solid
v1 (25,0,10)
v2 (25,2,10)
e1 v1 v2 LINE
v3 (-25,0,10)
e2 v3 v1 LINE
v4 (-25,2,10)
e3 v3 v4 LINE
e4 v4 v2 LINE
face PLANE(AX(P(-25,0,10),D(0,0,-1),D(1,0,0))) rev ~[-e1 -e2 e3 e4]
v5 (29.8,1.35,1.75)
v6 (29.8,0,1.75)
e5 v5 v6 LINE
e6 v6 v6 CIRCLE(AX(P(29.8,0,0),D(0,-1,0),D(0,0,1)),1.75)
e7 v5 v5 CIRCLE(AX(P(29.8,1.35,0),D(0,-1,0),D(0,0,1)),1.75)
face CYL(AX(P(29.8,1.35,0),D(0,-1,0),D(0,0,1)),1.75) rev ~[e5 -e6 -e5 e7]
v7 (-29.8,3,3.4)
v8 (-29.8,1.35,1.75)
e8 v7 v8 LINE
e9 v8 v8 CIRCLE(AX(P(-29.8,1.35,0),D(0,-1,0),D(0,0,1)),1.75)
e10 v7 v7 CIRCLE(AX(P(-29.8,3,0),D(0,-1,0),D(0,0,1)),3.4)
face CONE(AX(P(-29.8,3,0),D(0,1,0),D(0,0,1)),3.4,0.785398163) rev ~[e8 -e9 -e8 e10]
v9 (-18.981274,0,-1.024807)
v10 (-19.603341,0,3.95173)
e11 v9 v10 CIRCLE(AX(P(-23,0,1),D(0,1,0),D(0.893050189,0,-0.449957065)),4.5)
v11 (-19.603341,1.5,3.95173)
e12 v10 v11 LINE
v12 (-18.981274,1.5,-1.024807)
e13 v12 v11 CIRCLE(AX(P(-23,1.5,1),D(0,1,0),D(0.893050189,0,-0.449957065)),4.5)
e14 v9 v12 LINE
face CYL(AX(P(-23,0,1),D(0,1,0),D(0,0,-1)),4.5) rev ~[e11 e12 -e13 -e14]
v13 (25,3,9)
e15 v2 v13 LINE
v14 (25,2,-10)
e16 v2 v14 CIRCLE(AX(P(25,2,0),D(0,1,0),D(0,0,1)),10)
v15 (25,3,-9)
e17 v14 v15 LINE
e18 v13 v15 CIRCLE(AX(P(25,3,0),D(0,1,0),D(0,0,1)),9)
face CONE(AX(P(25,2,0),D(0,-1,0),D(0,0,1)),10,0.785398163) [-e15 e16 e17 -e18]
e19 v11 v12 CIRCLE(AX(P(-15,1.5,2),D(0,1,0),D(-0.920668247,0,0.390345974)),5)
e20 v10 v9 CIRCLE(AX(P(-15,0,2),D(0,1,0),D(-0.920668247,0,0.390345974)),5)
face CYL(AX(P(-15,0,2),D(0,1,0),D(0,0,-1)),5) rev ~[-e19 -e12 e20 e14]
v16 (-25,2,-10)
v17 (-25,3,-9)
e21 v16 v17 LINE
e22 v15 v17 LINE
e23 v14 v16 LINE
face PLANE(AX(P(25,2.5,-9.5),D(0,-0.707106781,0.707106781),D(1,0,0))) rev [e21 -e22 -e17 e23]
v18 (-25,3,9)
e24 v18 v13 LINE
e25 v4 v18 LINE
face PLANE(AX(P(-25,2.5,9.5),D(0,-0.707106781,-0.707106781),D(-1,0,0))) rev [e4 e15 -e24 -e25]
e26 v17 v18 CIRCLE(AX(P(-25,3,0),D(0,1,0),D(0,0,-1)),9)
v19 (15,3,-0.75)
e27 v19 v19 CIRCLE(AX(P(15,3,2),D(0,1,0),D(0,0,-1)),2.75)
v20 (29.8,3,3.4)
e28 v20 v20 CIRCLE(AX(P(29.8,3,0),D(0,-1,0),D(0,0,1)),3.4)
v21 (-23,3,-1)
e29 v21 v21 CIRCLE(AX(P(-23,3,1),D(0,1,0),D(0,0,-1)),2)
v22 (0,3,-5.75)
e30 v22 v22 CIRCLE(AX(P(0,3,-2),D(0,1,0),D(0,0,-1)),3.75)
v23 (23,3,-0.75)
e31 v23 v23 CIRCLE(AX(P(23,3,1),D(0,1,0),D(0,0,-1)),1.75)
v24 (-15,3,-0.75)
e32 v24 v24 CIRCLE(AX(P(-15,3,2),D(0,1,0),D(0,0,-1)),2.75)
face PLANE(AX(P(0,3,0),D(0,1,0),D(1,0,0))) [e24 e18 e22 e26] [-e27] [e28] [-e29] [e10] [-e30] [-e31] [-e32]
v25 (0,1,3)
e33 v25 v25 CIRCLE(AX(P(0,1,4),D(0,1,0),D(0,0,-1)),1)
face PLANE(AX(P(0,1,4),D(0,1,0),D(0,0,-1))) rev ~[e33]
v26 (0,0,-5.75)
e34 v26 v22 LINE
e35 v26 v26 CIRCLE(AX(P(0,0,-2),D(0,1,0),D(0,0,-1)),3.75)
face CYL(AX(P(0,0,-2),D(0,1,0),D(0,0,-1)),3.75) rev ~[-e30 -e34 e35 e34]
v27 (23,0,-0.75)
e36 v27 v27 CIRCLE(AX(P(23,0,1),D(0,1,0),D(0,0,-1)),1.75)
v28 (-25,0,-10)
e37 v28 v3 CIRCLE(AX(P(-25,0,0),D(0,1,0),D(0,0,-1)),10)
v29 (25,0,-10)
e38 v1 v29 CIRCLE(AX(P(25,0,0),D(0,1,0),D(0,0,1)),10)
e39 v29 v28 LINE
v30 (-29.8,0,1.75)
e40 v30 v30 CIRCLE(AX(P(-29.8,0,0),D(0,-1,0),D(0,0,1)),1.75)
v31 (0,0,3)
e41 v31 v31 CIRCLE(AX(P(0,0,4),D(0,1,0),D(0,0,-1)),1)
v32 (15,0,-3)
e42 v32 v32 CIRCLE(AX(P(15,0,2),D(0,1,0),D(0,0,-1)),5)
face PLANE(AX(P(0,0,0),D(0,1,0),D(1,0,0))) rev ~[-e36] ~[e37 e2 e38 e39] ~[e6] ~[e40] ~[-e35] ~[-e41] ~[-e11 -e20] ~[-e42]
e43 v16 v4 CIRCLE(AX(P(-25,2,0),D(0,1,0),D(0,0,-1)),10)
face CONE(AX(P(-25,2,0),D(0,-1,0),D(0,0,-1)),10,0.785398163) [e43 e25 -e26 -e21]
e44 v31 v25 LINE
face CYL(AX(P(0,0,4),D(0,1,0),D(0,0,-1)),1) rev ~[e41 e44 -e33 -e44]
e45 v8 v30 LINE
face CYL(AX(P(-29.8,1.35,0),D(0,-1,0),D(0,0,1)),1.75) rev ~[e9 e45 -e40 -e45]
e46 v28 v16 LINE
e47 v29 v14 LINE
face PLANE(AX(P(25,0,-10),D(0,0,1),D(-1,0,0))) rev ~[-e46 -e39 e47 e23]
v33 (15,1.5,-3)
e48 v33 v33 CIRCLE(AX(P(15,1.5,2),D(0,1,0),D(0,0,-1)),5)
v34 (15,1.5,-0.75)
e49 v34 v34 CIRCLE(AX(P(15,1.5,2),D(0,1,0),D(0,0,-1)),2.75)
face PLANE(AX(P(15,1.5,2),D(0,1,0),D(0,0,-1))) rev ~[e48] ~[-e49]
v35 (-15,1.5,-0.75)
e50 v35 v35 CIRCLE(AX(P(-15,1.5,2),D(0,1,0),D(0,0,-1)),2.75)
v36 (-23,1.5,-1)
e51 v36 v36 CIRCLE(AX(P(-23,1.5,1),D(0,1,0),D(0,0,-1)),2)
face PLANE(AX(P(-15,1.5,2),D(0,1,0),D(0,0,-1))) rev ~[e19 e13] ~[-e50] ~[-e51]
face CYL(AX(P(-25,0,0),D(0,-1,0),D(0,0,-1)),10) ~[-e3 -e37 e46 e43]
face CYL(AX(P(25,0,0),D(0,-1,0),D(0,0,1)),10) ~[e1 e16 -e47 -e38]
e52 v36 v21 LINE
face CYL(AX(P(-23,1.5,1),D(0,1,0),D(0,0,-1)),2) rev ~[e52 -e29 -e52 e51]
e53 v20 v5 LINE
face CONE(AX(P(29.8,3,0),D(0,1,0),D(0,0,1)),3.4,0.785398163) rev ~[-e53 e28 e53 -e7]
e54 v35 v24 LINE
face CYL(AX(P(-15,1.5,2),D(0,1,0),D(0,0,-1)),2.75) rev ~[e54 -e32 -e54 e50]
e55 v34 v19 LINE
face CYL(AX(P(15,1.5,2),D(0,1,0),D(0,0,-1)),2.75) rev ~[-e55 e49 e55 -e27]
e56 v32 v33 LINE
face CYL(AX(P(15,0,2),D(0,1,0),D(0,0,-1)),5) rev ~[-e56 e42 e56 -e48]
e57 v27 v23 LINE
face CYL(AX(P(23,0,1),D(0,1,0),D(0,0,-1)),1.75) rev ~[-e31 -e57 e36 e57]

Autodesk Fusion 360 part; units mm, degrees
sketch "スケッチ1" plane through (0, 0, 0) normal (0, 1, 0) x (1, 0, 0)
  line L0 (-25, -10) -> (25, -10)
  arc A0 (25, -10) -> (25, 10) centre (25, 0) ccw
  line L1 (25, 10) -> (-25, 10)
  arc A1 (-25, 10) -> (-25, -10) centre (-25, 0) ccw
  line L2 (-25, 0) -> (25, 0) construction
  line L3 (-23, 10) -> (-23, -10) construction
  line L4 (-15, 10) -> (-15, -10) construction
  line L5 (15, 10) -> (15, -10) construction
  line L6 (23, 10) -> (23, -10) construction
  line L7 (-23, -1) -> (23, -1) construction
  line L8 (-15, -2) -> (15, -2) construction
  line L9 (0, 10) -> (0, -10) construction
  line L10 (-24.25, -0.25) -> (-24.25, -1.75)
  arc A2 (-24.25, -1.75) -> (-21.75, -1.75) centre (-23, -1.75) ccw
  line L11 (-21.75, -1.75) -> (-21.75, -0.25)
  arc A3 (-21.75, -0.25) -> (-24.25, -0.25) centre (-23, -0.25) ccw
  line L12 (-23, -0.25) -> (-23, -1.75) construction
  point P0 (-35, 0)
  point P1 (35, 0)
  point P2 (-23, -1)
  point P3 (-15, -2)
  point P4 (15, -2)
  point P5 (23, -1)
  point P6 (0, 2)
  point P7 (0, -4)
  point P8 (-23, -1)
  point P9 (-23, 1)
  point P10 (-23, -3)
  dimension "d1" = 20
  dimension "d2" = 70
  dimension "d13" = 6
  dimension "d14" = 12
  dimension "d15" = 9
  dimension "d16" = 8
  dimension "d17" = 15
  dimension "d18" = 15
  dimension "d19" = 23
  dimension "d20" = 23
  dimension "d40" = 4
  dimension "d41" = 2.5
extrude "押し出し1" add sketch "スケッチ1" along normal blind 3 contours L0 A0 L1 A1 | L10 A2 L11 A3
chamfer "面取り1" distance 1 angle 45 4 edges at (0, 3, -10) (-35, 3, 0) (0, 3, 10) (35, 3, 0)
sketch "スケッチ2" plane through (0, 3, 0) normal (0, 1, 0) x (-1, 0, 0)
  line L0 (-25, -9) -> (25, -9)
  arc A0 (25, -9) -> (25, 9) centre (25, 0) ccw
  line L1 (25, 9) -> (-25, 9)
  arc A1 (-25, 9) -> (-25, -9) centre (-25, 0) ccw
  arc A2 (25, -10) -> (25, 10) centre (25, 0) ccw
  line L2 (-25, -10) -> (25, -10)
  arc A3 (-25, 10) -> (-25, -10) centre (-25, 0) ccw
  line L3 (25, 10) -> (-25, 10)
  line L4 (35, 0) -> (-35, 0) construction
  point P0 (29.8, 0)
  point P1 (-29.8, 0)
  dimension "d6" = 5.2
  dimension "d7" = 5.2
hole "穴1" at (-29.8, 3, 0) at (29.8, 3, 0) direction (0, -1, 0) diameter 3.5 end through all countersink diameter 6.8 countersink angle 90
hole "穴2" at (0, 0, -2) direction (0, 1, 0) diameter 7.5 end through all
hole "穴3" at (0, 0, 4) direction (0, 1, 0) diameter 2 depth 1 tip angle 180
hole "穴4" at (-15, 0, 2) at (15, 0, 2) direction (0, 1, 0) diameter 5.5 end through all counterbore diameter 10 counterbore depth 1.5
hole "穴5" at (-23, 0, 1) direction (0, 1, 0) diameter 4 end through all counterbore diameter 9 counterbore depth 1.5
hole "穴6" at (23, 0, 1) direction (0, 1, 0) diameter 3.5 end through all
